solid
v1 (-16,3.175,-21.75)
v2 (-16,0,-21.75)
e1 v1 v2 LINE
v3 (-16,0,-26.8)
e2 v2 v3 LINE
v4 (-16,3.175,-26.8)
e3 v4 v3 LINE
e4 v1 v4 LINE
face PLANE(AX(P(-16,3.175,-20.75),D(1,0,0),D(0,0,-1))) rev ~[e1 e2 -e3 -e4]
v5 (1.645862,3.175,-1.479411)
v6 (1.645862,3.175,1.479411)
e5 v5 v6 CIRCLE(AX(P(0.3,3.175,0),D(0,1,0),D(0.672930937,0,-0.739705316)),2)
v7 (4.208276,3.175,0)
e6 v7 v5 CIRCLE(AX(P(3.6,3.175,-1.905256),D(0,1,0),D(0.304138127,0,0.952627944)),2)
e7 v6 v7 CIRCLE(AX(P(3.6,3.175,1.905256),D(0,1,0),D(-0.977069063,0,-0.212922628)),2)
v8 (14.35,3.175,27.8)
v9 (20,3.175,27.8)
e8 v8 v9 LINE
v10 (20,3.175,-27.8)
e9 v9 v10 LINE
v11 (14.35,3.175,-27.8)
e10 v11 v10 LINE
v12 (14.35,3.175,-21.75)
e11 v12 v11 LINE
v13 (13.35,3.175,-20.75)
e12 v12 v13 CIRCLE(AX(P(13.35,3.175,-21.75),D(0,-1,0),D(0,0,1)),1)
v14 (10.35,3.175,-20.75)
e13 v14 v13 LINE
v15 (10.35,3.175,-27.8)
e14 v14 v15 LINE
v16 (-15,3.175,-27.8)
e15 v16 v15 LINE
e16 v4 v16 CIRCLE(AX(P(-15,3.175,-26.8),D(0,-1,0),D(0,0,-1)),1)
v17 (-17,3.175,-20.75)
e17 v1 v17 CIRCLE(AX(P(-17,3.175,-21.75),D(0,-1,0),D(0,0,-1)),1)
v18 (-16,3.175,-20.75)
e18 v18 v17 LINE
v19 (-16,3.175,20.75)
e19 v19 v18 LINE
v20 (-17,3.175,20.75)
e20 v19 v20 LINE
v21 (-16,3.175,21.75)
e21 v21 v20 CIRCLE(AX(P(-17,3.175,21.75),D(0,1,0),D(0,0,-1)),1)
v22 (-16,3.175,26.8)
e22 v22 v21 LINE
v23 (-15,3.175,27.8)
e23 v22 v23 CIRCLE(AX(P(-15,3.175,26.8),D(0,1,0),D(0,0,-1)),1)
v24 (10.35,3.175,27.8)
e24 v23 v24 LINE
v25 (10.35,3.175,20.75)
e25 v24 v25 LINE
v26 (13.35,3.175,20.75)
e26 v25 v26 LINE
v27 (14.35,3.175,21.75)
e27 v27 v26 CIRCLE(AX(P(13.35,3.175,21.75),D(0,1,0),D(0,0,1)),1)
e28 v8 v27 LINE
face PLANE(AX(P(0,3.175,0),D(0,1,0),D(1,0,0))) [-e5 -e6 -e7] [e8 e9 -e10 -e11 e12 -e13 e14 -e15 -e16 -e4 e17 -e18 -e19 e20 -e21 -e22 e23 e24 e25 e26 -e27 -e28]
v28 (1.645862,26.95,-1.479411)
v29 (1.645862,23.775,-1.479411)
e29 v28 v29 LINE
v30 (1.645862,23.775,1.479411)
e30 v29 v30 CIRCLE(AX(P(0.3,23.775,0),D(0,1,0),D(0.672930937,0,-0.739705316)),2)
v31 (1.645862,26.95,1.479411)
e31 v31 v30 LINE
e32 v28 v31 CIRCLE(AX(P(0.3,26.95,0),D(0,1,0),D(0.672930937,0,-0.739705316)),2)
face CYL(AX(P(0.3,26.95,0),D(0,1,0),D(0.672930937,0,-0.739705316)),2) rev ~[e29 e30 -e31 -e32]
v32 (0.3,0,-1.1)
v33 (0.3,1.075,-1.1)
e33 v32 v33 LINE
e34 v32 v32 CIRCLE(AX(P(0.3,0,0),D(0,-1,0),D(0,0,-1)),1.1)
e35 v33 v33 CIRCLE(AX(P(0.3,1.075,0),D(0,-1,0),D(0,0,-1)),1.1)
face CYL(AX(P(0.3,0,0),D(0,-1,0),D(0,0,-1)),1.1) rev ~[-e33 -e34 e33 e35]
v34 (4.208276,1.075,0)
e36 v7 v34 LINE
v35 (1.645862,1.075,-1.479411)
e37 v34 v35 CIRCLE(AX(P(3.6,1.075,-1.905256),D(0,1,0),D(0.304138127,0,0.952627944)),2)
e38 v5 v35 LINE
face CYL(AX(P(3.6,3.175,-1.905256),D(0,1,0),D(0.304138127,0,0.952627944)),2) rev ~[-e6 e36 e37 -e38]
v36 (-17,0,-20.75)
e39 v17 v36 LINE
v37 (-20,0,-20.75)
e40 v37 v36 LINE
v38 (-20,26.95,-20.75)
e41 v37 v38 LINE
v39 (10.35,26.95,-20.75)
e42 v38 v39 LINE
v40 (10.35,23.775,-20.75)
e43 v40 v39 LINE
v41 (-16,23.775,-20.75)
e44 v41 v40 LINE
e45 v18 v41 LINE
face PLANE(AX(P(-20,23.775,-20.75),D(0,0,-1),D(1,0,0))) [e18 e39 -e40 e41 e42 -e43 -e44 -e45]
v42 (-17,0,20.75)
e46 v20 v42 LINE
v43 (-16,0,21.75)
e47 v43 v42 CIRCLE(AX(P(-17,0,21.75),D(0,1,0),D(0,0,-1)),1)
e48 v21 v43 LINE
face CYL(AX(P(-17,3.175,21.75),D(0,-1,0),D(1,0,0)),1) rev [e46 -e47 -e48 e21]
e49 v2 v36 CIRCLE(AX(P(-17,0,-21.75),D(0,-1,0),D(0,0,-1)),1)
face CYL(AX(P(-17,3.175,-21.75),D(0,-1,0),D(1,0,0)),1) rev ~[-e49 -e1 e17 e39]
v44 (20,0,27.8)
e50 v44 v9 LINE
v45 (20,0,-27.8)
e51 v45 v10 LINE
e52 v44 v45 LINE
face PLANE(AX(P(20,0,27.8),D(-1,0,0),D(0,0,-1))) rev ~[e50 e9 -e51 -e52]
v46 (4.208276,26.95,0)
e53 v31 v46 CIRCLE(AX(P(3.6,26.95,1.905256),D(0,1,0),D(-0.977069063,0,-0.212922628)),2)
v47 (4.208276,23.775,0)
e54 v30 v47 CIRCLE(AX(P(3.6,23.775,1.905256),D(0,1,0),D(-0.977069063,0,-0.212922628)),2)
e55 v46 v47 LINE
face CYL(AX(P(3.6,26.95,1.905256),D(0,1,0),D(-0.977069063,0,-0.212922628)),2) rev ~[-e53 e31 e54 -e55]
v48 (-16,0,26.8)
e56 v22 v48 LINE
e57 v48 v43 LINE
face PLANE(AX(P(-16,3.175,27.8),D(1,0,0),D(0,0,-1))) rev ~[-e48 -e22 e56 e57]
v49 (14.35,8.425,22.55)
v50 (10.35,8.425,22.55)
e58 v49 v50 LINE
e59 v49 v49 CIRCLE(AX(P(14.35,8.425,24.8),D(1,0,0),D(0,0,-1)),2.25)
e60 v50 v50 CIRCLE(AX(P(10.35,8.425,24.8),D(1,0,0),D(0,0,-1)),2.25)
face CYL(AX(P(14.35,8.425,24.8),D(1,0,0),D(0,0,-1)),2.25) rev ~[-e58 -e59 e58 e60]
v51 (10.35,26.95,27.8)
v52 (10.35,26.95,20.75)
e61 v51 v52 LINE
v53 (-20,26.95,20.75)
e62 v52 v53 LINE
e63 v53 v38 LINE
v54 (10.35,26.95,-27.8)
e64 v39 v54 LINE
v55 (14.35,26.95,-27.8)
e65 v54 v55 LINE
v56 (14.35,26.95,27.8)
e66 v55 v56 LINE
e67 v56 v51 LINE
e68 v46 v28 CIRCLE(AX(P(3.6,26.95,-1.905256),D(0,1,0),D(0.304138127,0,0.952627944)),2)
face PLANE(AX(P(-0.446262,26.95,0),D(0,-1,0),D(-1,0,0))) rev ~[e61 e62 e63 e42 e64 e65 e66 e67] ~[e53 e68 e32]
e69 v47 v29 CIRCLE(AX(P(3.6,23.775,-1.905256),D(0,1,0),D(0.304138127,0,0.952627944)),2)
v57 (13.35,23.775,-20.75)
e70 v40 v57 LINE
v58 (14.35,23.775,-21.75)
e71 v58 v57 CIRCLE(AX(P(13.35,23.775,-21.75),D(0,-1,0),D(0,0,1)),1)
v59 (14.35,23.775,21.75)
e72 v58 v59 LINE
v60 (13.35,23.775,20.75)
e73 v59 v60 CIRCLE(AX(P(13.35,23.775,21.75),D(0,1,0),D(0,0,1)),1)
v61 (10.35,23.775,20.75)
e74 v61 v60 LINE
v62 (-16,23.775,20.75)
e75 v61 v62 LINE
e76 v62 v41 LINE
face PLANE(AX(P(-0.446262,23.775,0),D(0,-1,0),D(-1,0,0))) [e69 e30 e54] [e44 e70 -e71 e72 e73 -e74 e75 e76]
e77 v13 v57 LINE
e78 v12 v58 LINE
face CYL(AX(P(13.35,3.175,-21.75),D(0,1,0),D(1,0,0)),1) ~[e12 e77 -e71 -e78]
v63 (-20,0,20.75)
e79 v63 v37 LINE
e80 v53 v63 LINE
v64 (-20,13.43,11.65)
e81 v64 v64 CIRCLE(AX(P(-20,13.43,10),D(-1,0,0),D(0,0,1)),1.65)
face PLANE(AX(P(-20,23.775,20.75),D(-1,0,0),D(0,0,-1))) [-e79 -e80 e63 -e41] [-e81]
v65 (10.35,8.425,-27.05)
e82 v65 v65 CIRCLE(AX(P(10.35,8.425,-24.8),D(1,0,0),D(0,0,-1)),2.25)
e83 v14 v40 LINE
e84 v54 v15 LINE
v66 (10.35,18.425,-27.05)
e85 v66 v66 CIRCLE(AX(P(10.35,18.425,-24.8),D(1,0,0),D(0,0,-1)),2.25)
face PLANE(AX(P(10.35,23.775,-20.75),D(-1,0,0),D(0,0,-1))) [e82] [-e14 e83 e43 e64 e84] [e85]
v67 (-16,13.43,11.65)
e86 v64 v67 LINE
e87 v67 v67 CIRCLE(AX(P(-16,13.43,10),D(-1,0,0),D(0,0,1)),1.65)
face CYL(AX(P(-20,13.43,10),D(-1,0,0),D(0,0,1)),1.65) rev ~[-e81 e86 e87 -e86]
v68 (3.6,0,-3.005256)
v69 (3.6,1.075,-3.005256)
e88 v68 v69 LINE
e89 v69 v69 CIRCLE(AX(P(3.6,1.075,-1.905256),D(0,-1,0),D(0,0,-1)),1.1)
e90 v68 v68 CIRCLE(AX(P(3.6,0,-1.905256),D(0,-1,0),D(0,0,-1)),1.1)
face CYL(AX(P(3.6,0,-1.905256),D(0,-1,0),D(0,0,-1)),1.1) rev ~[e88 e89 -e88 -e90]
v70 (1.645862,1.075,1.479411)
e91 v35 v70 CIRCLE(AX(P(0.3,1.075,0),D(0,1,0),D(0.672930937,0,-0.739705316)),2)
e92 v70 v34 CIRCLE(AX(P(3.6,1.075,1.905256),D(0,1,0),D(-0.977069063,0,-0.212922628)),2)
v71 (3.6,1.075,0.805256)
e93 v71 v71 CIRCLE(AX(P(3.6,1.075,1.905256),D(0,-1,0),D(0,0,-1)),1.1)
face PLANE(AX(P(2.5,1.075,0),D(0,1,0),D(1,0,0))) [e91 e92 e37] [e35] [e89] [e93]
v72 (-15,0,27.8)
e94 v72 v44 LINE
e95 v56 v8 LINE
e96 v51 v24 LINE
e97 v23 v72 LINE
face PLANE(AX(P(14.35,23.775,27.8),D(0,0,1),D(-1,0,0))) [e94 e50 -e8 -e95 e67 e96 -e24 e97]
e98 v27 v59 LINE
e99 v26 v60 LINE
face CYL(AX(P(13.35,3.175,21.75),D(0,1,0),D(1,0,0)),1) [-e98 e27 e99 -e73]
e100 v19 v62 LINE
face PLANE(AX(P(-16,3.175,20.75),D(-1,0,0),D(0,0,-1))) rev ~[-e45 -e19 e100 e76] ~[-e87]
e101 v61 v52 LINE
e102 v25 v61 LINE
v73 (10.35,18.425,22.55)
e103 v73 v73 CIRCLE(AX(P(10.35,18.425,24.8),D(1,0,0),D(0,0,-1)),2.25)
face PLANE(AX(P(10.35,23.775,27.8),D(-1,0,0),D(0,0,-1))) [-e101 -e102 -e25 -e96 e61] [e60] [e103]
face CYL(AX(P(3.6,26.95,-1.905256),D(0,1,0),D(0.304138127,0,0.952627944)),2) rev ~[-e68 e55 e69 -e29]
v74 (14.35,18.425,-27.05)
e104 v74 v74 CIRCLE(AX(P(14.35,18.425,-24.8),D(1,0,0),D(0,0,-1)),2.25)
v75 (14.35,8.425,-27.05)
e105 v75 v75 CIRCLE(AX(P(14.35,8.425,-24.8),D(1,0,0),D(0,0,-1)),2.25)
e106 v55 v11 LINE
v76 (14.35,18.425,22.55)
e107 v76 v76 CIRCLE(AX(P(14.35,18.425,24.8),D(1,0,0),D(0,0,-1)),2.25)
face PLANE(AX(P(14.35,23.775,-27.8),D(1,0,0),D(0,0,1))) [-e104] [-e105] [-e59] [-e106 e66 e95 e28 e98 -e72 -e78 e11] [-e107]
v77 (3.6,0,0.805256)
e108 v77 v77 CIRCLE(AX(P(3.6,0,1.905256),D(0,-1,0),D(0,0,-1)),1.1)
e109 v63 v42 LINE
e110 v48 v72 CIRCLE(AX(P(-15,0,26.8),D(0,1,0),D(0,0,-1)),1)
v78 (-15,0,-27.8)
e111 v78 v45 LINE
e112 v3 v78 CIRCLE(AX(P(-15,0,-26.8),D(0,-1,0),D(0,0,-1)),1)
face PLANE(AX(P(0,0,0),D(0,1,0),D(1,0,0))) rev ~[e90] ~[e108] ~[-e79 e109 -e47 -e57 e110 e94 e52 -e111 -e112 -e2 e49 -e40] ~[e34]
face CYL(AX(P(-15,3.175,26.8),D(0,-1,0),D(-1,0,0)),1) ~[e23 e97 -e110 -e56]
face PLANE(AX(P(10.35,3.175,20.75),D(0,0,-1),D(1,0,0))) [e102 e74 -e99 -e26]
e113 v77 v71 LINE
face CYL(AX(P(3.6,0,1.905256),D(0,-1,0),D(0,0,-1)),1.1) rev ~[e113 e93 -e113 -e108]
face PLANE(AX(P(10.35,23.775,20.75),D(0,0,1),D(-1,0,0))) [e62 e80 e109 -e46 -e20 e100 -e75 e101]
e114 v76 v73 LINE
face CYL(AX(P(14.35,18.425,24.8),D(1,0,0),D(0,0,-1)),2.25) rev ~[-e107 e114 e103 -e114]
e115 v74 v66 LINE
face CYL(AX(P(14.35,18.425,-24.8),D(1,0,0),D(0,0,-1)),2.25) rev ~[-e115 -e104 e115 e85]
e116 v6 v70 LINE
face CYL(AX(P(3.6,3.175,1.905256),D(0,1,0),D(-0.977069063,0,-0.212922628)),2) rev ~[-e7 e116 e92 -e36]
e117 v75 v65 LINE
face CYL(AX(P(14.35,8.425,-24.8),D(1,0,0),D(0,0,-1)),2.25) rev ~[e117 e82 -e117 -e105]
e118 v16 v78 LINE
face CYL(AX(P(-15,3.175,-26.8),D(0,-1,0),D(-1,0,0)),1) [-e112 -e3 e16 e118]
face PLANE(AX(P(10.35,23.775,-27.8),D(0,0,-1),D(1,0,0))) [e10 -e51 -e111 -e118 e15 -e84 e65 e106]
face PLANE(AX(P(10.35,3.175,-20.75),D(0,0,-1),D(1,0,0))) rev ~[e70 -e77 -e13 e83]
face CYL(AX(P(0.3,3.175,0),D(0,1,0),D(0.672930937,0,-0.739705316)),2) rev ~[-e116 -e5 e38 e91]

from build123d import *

# Parameters (mm, degrees)
SKETCH1_W           = 40
SKETCH1_H           = 55.6
BOSS_EXTRUDE1_DEPTH = 3.175
SKETCH2_W           = 4
SKETCH2_H           = 41.5
SKETCH2_H_2         = 7.05
BOSS_EXTRUDE2_DEPTH = 20.6
BOSS_EXTRUDE3_DEPTH = 3.175
SKETCH5_R           = 2.25
CUT_EXTRUDE2_DEPTH  = 4
SKETCH6_R           = 1.65
CUT_EXTRUDE3_DEPTH  = 4
FILLET1_R           = 1
SKETCH7_W           = 4
SKETCH7_H           = 7.05
CUT_EXTRUDE4_DEPTH  = 3.175
FILLET2_R           = 1
SKETCH8_R           = 1.1
CUT_EXTRUDE6_DEPTH  = 3.175
CUT_EXTRUDE7_DEPTH  = 2.1
CUT_EXTRUDE8_START  = 23.775
CUT_EXTRUDE8_DEPTH  = 23.775


with BuildPart() as part:
    # Sketch1 → Boss-Extrude1 (new body)
    with BuildSketch(Plane(origin=(0, 0, 0), x_dir=(1, 0, 0), z_dir=(0, 1, 0))):
        Rectangle(SKETCH1_W, SKETCH1_H)
    extrude(amount=BOSS_EXTRUDE1_DEPTH)

    # Sketch2 → Boss-Extrude2 (add)
    with BuildSketch(Plane(origin=(0, 3.175, 0), x_dir=(1, 0, 0), z_dir=(0, 1, 0))):
        with Locations((-18, 0)):
            Rectangle(SKETCH2_W, SKETCH2_H)
        with Locations((12.35, 24.275)):
            Rectangle(SKETCH2_W, SKETCH2_H_2)
        with Locations((12.35, -24.275)):
            Rectangle(SKETCH2_W, SKETCH2_H_2)
    extrude(amount=BOSS_EXTRUDE2_DEPTH)

    # Sketch3 → Boss-Extrude3 (add)
    with BuildSketch(Plane(origin=(0, 23.775, 0), x_dir=(1, 0, 0), z_dir=(0, 1, 0))):
        Polygon((-20, 20.75), (10.35, 20.75), (10.35, 27.8), (14.35, 27.8), (14.35, -27.8), (10.35, -27.8), (10.35, -20.75), (-20, -20.75), align=None)
    extrude(amount=BOSS_EXTRUDE3_DEPTH)

    # Sketch5 → Cut-Extrude2 (cut)
    with BuildSketch(Plane(origin=(14.35, 0, 0), x_dir=(0, 0, -1), z_dir=(1, 0, 0))):
        with Locations((-24.8, 8.425)):
            Circle(SKETCH5_R)
        with Locations((-24.8, 18.425)):
            Circle(SKETCH5_R)
        with Locations((24.8, 18.425)):
            Circle(SKETCH5_R)
        with Locations((24.8, 8.425)):
            Circle(SKETCH5_R)
    extrude(amount=-CUT_EXTRUDE2_DEPTH, mode=Mode.SUBTRACT)

    # Sketch6 → Cut-Extrude3 (cut)
    with BuildSketch(Plane.ZY.offset(20)):
        with Locations((10, 13.43)):
            Circle(SKETCH6_R)
    extrude(amount=-CUT_EXTRUDE3_DEPTH, mode=Mode.SUBTRACT)

    # Fillet1
    fillet1_edges = [part.edges().sort_by_distance(p)[0] for p in [
        (14.35, 13.475, 20.75),
        (14.35, 13.475, -20.75),
    ]]
    fillet(fillet1_edges, radius=FILLET1_R)

    # Sketch7 → Cut-Extrude4 (cut)
    with BuildSketch(Plane(origin=(0, 3.175, 0), x_dir=(1, 0, 0), z_dir=(0, 1, 0))):
        with Locations((-18, -24.275)):
            Rectangle(SKETCH7_W, SKETCH7_H)
        with Locations((-18, 24.275)):
            Rectangle(SKETCH7_W, SKETCH7_H)
    extrude(amount=-CUT_EXTRUDE4_DEPTH, mode=Mode.SUBTRACT)

    # Fillet2
    fillet2_edges = [part.edges().sort_by_distance(p)[0] for p in [
        (-16, 1.5875, 20.75),
        (-16, 1.5875, 27.8),
        (-16, 1.5875, -27.8),
        (-16, 1.5875, -20.75),
    ]]
    fillet(fillet2_edges, radius=FILLET2_R)

    # Sketch8 → Cut-Extrude6 (cut)
    with BuildSketch(Plane.XZ):
        with Locations(Location((3.6, 1.905255888, 0), (0, 0, 270))):
            Circle(SKETCH8_R)
        with Locations(Location((3.6, -1.905255888, 0), (0, 0, 270))):
            Circle(SKETCH8_R)
        with Locations(Location((0.3, 0, 0), (0, 0, 270))):
            Circle(SKETCH8_R)
    extrude(amount=-CUT_EXTRUDE6_DEPTH, mode=Mode.SUBTRACT)

    # Sketch9 → Cut-Extrude7 (cut)
    with BuildSketch(Plane(origin=(0, 3.175, 0), x_dir=(1, 0, 0), z_dir=(0, 1, 0))):
        with BuildLine():
            ThreePointArc((1.645861873, -1.479410632), (4.6, -3.637306696), (4.208276253, 0))
            ThreePointArc((4.208276253, 0), (4.6, 3.637306696), (1.645861873, 1.479410632))
            ThreePointArc((1.645861873, 1.479410632), (-1.7, 0), (1.645861873, -1.479410632))
        make_face()
    extrude(amount=-CUT_EXTRUDE7_DEPTH, mode=Mode.SUBTRACT)

    # Sketch10 → Cut-Extrude8 (cut)
    with BuildSketch(Plane(origin=(0, 3.175, 0), x_dir=(1, 0, 0), z_dir=(0, 1, 0)).offset(CUT_EXTRUDE8_START)):
        with BuildLine():
            ThreePointArc((1.645861873, -1.479410632), (4.6, -3.637306696), (4.208276253, 0))
            ThreePointArc((4.208276253, 0), (4.6, 3.637306696), (1.645861873, 1.479410632))
            ThreePointArc((1.645861873, 1.479410632), (-1.7, 0), (1.645861873, -1.479410632))
        make_face()
    extrude(amount=-CUT_EXTRUDE8_DEPTH, mode=Mode.SUBTRACT)


solid = part.part
